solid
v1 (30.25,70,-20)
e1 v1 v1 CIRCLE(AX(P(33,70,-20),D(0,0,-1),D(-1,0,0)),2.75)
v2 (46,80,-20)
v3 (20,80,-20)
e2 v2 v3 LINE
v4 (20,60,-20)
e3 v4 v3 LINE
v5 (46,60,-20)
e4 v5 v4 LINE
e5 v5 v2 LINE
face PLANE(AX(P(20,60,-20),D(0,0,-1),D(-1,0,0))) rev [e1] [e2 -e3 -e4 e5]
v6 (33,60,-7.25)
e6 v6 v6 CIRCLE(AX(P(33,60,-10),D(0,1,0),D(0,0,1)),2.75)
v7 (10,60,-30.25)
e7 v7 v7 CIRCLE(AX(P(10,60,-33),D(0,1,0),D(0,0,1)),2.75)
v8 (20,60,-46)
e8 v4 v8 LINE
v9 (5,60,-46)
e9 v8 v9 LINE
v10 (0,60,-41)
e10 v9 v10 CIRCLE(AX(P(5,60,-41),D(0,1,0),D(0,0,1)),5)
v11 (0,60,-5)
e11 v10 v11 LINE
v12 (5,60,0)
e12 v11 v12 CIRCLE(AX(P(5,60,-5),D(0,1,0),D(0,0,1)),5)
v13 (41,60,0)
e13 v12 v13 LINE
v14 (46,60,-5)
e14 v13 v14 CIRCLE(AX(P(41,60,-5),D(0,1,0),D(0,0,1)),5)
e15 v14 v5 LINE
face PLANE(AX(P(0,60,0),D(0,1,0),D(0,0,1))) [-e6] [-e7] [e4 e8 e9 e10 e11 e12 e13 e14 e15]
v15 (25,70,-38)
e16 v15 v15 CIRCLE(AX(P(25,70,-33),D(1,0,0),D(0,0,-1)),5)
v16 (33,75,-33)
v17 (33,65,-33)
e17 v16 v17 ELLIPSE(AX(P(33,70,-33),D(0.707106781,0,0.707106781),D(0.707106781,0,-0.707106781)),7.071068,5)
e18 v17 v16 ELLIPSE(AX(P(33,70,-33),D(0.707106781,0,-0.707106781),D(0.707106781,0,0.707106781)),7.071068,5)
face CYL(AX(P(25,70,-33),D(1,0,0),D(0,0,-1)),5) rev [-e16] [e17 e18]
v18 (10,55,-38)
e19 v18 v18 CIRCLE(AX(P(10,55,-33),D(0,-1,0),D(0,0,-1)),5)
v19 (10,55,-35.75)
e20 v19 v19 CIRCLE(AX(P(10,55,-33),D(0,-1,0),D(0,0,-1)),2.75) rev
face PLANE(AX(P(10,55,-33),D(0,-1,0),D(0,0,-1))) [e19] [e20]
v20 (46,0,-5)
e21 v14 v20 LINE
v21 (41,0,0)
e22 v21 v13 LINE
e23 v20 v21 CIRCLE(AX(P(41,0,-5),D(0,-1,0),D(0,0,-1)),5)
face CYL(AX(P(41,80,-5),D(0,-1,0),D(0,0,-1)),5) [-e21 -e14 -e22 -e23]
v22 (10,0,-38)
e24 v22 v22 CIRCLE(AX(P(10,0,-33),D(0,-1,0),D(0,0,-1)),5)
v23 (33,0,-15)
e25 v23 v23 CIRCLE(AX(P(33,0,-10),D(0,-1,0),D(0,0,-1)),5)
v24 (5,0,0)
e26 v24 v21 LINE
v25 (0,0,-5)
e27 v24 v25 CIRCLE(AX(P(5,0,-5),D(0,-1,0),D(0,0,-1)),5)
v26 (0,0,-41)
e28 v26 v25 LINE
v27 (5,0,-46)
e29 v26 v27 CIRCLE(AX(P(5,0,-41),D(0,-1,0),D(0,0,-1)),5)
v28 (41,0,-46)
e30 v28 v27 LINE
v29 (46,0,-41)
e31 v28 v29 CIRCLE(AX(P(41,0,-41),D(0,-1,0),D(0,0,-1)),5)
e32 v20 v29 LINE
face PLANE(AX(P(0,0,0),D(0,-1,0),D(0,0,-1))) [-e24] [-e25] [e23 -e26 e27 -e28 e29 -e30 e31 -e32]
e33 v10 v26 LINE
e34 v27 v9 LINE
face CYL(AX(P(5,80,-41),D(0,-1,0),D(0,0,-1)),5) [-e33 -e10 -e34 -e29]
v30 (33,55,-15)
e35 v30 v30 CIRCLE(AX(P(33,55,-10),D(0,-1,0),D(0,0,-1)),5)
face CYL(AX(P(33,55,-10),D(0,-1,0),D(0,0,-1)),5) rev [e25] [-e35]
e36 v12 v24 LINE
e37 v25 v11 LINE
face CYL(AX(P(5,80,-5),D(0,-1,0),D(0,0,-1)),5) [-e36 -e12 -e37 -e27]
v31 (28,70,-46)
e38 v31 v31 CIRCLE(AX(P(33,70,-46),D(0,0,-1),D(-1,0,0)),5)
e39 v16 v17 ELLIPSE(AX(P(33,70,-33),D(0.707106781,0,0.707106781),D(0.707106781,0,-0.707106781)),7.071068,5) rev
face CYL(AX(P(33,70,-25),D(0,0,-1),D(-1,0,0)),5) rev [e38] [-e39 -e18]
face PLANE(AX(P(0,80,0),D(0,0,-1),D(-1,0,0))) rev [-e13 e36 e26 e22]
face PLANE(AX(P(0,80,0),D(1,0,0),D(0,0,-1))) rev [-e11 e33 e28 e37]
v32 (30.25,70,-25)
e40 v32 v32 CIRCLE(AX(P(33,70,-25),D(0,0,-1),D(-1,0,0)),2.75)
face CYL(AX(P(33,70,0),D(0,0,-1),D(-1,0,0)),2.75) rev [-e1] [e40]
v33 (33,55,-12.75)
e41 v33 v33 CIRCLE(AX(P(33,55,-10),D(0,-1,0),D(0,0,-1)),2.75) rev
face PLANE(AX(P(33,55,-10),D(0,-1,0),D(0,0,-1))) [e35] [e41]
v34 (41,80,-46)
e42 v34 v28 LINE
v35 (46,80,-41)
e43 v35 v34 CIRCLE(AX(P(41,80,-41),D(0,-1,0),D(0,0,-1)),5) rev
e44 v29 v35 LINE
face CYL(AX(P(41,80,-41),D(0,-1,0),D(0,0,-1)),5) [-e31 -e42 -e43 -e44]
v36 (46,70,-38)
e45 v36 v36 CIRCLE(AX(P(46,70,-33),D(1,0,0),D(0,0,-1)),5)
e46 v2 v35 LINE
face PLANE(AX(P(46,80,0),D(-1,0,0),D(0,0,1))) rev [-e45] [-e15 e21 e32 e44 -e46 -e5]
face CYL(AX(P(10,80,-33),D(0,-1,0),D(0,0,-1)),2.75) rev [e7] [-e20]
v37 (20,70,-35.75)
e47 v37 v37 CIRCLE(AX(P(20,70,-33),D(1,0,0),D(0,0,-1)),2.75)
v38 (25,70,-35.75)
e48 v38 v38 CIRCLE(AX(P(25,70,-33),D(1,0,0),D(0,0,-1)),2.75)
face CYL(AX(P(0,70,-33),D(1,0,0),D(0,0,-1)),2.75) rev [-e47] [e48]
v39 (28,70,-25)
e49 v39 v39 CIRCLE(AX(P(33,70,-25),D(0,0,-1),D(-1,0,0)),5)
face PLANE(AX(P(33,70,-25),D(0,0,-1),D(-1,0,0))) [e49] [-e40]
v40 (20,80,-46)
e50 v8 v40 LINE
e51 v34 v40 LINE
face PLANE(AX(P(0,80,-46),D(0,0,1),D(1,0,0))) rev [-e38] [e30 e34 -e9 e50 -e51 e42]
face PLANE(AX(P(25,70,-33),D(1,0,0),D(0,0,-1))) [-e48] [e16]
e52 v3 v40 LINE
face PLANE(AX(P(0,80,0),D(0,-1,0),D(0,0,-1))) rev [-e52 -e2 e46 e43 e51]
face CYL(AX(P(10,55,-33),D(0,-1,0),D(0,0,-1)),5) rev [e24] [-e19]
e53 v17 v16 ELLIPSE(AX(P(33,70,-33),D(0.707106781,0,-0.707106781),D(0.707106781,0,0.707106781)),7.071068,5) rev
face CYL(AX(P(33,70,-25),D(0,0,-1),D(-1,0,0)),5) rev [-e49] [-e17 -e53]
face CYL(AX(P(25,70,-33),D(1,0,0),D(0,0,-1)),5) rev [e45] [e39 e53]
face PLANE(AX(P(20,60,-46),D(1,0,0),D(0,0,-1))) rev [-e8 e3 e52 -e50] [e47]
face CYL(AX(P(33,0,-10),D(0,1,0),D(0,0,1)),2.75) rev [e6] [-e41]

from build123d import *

# Parameters (mm, degrees)
SKETCH1_W           = 46
SKETCH1_H           = 46
BOSS_EXTRUDE1_DEPTH = 80
CUT_EXTRUDE1_DEPTH  = 20
SKETCH3_R           = 5
CUT_EXTRUDE2_DEPTH  = 21
SKETCH4_R           = 5
CUT_EXTRUDE3_DEPTH  = 21
SKETCH5_R           = 2.75
CUT_EXTRUDE4_DEPTH  = 47
SKETCH6_R           = 2.75
CUT_EXTRUDE5_DEPTH  = 47
FILLET1_R           = 5
SKETCH9_R           = 2.75
CUT_EXTRUDE8_DEPTH  = 81
SKETCH10_R          = 2.75
CUT_EXTRUDE9_DEPTH  = 61
SKETCH11_R          = 5
CUT_EXTRUDE10_DEPTH = 55


with BuildPart() as part:
    # Sketch1 → Boss-Extrude1 (new body)
    with BuildSketch(Plane(origin=(0, 0, 0), x_dir=(1, 0, 0), z_dir=(0, 1, 0))):
        with Locations((23, 23)):
            Rectangle(SKETCH1_W, SKETCH1_H)
    extrude(amount=BOSS_EXTRUDE1_DEPTH)

    # Sketch2 → Cut-Extrude1 (cut)
    with BuildSketch(Plane(origin=(0, 80, 0), x_dir=(1, 0, 0), z_dir=(0, 1, 0))):
        Polygon((0, 46), (20, 46), (20, 20), (46, 20), (46, 0), (20, 0), (0, 0), align=None)
    extrude(amount=-CUT_EXTRUDE1_DEPTH, mode=Mode.SUBTRACT)

    # Sketch3 → Cut-Extrude2 (cut)
    with BuildSketch(Plane(origin=(46, 0, 0), x_dir=(0, 0, -1), z_dir=(1, 0, 0))):
        with Locations((33, 70)):
            Circle(SKETCH3_R)
    extrude(amount=-CUT_EXTRUDE2_DEPTH, mode=Mode.SUBTRACT)

    # Sketch4 → Cut-Extrude3 (cut)
    with BuildSketch(Plane(origin=(0, 0, -46), x_dir=(-1, 0, 0), z_dir=(0, 0, -1))):
        with Locations((-33, 70)):
            Circle(SKETCH4_R)
    extrude(amount=-CUT_EXTRUDE3_DEPTH, mode=Mode.SUBTRACT)

    # Sketch5 → Cut-Extrude4 (cut, through all)
    with BuildSketch(Plane(origin=(0, 0, -46), x_dir=(-1, 0, 0), z_dir=(0, 0, -1))):
        with Locations((-33, 70)):
            Circle(SKETCH5_R)
    extrude(amount=-CUT_EXTRUDE4_DEPTH, mode=Mode.SUBTRACT)

    # Sketch6 → Cut-Extrude5 (cut, through all)
    with BuildSketch(Plane(origin=(46, 0, 0), x_dir=(0, 0, -1), z_dir=(1, 0, 0))):
        with Locations((33, 70)):
            Circle(SKETCH6_R)
    extrude(amount=-CUT_EXTRUDE5_DEPTH, mode=Mode.SUBTRACT)

    # Fillet1
    fillet1_edges = [part.edges().sort_by_distance(p)[0] for p in [
        (0, 30, -46),
        (46, 30, 0),
        (0, 30, 0),
        (46, 40, -46),
    ]]
    fillet(fillet1_edges, radius=FILLET1_R)

    # Sketch9 → Cut-Extrude8 (cut, through all)
    with BuildSketch(Plane.XZ):
        with Locations((10, -33)):
            Circle(SKETCH9_R)
    extrude(amount=-CUT_EXTRUDE8_DEPTH, mode=Mode.SUBTRACT)

    # Sketch10 → Cut-Extrude9 (cut, through all)
    with BuildSketch(Plane(origin=(0, 60, 0), x_dir=(1, 0, 0), z_dir=(0, 1, 0))):
        with Locations((33, 10)):
            Circle(SKETCH10_R)
    extrude(amount=-CUT_EXTRUDE9_DEPTH, mode=Mode.SUBTRACT)

    # Sketch11 → Cut-Extrude10 (cut)
    with BuildSketch(Plane.XZ):
        with Locations((33, -10)):
            Circle(SKETCH11_R)
        with Locations((10, -33)):
            Circle(SKETCH11_R)
    extrude(amount=-CUT_EXTRUDE10_DEPTH, mode=Mode.SUBTRACT)


solid = part.part
